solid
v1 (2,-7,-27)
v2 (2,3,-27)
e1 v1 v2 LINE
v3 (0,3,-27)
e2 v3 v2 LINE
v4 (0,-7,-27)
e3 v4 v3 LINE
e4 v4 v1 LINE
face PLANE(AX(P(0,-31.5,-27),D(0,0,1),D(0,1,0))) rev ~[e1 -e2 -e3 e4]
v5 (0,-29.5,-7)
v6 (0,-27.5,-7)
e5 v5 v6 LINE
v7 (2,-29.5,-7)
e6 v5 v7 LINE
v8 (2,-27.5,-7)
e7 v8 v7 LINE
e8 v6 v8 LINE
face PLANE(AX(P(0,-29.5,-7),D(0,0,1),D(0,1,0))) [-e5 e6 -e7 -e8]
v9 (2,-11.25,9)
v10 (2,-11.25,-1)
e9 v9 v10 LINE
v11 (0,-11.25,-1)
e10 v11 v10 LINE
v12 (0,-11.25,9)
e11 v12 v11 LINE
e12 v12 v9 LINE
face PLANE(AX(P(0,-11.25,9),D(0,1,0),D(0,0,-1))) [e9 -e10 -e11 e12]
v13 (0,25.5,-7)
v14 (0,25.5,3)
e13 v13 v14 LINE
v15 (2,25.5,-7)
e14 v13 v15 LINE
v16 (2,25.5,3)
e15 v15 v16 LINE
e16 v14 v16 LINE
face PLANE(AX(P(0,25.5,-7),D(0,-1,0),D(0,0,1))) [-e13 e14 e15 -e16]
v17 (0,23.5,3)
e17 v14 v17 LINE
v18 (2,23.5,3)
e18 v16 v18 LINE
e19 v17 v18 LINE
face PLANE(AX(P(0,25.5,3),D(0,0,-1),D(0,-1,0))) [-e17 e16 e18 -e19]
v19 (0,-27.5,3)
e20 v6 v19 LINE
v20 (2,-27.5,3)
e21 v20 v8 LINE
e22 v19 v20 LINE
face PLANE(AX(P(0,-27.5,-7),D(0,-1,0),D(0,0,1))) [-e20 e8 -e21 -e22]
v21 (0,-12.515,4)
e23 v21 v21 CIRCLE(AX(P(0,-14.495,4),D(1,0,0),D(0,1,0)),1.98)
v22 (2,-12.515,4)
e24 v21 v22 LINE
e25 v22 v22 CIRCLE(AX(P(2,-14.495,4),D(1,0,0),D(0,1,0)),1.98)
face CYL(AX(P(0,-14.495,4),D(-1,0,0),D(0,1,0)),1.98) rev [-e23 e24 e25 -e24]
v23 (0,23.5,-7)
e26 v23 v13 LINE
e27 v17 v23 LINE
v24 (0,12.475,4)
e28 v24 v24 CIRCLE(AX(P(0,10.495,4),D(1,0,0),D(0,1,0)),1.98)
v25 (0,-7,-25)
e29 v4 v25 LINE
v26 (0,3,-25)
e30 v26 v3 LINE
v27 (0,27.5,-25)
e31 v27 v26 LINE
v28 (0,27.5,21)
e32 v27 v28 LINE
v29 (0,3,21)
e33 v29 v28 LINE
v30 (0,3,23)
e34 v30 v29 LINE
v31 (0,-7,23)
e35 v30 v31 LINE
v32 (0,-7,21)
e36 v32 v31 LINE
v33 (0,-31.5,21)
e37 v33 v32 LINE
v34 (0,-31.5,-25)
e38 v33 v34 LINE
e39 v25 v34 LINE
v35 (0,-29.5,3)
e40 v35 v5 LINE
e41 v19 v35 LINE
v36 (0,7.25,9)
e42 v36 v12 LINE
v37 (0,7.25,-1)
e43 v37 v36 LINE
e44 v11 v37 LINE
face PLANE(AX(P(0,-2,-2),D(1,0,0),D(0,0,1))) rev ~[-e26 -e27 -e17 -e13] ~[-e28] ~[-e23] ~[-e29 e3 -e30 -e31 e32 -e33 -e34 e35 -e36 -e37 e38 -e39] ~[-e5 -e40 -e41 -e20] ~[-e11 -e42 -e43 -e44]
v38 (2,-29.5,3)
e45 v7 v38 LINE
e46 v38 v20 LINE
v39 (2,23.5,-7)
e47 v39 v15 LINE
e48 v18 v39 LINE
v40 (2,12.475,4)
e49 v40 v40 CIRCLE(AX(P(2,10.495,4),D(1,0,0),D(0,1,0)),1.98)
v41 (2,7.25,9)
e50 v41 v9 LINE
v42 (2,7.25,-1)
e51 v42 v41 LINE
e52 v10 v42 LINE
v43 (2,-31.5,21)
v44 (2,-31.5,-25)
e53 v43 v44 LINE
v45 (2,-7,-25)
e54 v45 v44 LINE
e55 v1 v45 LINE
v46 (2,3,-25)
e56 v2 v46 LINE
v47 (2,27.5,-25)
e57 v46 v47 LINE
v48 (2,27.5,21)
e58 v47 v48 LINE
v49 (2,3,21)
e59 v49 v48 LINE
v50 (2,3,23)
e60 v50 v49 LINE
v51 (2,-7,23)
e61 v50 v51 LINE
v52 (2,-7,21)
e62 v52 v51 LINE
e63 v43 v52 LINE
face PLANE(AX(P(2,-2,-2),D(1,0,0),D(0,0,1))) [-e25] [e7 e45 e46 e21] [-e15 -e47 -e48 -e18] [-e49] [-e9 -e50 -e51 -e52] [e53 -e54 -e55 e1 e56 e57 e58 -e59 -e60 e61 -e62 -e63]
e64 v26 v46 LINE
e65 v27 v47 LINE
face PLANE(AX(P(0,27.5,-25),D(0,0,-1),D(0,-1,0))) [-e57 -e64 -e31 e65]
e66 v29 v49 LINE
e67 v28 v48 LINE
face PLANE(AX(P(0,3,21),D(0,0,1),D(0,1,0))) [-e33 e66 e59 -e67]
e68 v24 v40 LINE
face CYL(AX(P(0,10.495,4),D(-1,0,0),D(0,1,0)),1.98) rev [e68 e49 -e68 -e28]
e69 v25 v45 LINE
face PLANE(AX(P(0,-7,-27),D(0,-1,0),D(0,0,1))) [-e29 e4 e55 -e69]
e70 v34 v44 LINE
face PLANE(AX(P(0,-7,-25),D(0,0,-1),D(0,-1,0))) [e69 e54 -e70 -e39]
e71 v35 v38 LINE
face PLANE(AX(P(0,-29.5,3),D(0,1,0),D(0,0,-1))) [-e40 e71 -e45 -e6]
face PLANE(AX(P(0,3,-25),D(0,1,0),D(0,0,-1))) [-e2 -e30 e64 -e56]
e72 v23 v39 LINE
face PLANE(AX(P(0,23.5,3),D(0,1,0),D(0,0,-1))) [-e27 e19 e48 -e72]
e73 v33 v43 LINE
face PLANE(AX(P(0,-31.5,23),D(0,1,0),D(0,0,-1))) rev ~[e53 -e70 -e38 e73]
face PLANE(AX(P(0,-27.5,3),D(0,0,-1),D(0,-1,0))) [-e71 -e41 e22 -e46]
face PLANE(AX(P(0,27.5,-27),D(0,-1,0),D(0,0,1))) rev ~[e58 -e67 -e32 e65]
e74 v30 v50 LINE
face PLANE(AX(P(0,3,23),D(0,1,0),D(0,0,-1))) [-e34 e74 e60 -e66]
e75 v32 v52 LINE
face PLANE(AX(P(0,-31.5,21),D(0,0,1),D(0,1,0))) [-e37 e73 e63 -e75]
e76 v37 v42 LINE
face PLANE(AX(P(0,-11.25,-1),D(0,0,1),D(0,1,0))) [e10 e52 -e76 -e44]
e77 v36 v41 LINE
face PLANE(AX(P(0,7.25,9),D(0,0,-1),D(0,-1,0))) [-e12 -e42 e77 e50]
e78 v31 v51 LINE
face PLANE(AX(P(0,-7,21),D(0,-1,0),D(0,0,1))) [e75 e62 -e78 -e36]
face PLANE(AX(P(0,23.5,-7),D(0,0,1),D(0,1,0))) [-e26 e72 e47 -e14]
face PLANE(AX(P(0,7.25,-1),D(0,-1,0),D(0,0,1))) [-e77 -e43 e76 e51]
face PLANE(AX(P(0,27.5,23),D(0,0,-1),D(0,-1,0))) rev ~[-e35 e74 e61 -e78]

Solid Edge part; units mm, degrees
sketch "Sketch1" plane through (0, 0, 0) normal (1, 0, 0) x (0, 1, 0)
  line L0 (27.5, -27) -> (27.5, 23)
  line L1 (27.5, 23) -> (-31.5, 23)
  line L2 (-31.5, 23) -> (-31.5, -27)
  line L3 (-31.5, -27) -> (27.5, -27)
extrude "Protrusion1" add sketch "Sketch1" along normal blind 2
sketch "Sketch2" plane through (0, 0, 0) normal (1, 0, 0) x (0, 1, 0)
  line L0 (-31.5, 21) -> (-7, 21)
  line L1 (-7, 21) -> (-7, 23)
  line L2 (-7, 23) -> (-31.5, 23)
  line L3 (-31.5, 23) -> (-31.5, 21)
extrude "ExtrudedCutout_1" cut sketch "Sketch2" along normal blind 2
sketch "Sketch3" plane through (0, 0, 0) normal (1, 0, 0) x (0, 1, 0)
  line L0 (3, 21) -> (27.5, 21)
  line L1 (27.5, 21) -> (27.5, 23)
  line L2 (27.5, 23) -> (3, 23)
  line L3 (3, 23) -> (3, 21)
extrude "ExtrudedCutout_2" cut sketch "Sketch3" along normal blind 2
sketch "Sketch4" plane through (0, 0, 0) normal (1, 0, 0) x (0, 1, 0)
  line L0 (23.5, 3) -> (23.5, -7)
  line L1 (23.5, -7) -> (25.5, -7)
  line L2 (25.5, -7) -> (25.5, 3)
  line L3 (25.5, 3) -> (23.5, 3)
extrude "ExtrudedCutout_3" cut sketch "Sketch4" along normal blind 2
sketch "Sketch5" plane through (0, 0, 0) normal (1, 0, 0) x (0, 1, 0)
  line L0 (27.5, -25) -> (3, -25)
  line L1 (3, -25) -> (3, -27)
  line L2 (3, -27) -> (27.5, -27)
  line L3 (27.5, -27) -> (27.5, -25)
extrude "ExtrudedCutout_4" cut sketch "Sketch5" along normal blind 4
sketch "Sketch6" plane through (0, 0, 0) normal (1, 0, 0) x (0, 1, 0)
  line L0 (-7, -25) -> (-31.5, -25)
  line L1 (-31.5, -25) -> (-31.5, -27)
  line L2 (-31.5, -27) -> (-7, -27)
  line L3 (-7, -27) -> (-7, -25)
extrude "ExtrudedCutout_5" cut sketch "Sketch6" along normal blind 2
sketch "Sketch7" plane through (0, 0, 0) normal (1, 0, 0) x (0, 1, 0)
  line L0 (-29.5, -7) -> (-27.5, -7)
  line L1 (-27.5, -7) -> (-27.5, 3)
  line L2 (-27.5, 3) -> (-29.5, 3)
  line L3 (-29.5, 3) -> (-29.5, -7)
extrude "ExtrudedCutout_6" cut sketch "Sketch7" along normal blind 4
sketch "Sketch8" plane through (0, 0, 0) normal (1, 0, 0) x (0, 1, 0)
  line L0 (7.25, 9) -> (-11.25, 9)
  line L1 (-11.25, 9) -> (-11.25, -1)
  line L2 (-11.25, -1) -> (7.25, -1)
  line L3 (7.25, -1) -> (7.25, 9)
  circle A0 centre (-14.495, 4) radius 1.98
  circle A1 centre (10.495, 4) radius 1.98
  dimension "D1" = 18.5
  dimension "D2" = 10
  dimension "D3" = 24
  dimension "D4" = 16.25
  dimension "D5" = 3.96
  dimension "D6" = 3.96
  dimension "D7" = 3.245
  dimension "D8" = 29
  dimension "D9" = 29
  dimension "D10" = 3.245
  dimension "D11" = 24.99
extrude "ExtrudedCutout_9" cut sketch "Sketch8" along normal blind 2
properties material "Acrylic, high impact grade"
